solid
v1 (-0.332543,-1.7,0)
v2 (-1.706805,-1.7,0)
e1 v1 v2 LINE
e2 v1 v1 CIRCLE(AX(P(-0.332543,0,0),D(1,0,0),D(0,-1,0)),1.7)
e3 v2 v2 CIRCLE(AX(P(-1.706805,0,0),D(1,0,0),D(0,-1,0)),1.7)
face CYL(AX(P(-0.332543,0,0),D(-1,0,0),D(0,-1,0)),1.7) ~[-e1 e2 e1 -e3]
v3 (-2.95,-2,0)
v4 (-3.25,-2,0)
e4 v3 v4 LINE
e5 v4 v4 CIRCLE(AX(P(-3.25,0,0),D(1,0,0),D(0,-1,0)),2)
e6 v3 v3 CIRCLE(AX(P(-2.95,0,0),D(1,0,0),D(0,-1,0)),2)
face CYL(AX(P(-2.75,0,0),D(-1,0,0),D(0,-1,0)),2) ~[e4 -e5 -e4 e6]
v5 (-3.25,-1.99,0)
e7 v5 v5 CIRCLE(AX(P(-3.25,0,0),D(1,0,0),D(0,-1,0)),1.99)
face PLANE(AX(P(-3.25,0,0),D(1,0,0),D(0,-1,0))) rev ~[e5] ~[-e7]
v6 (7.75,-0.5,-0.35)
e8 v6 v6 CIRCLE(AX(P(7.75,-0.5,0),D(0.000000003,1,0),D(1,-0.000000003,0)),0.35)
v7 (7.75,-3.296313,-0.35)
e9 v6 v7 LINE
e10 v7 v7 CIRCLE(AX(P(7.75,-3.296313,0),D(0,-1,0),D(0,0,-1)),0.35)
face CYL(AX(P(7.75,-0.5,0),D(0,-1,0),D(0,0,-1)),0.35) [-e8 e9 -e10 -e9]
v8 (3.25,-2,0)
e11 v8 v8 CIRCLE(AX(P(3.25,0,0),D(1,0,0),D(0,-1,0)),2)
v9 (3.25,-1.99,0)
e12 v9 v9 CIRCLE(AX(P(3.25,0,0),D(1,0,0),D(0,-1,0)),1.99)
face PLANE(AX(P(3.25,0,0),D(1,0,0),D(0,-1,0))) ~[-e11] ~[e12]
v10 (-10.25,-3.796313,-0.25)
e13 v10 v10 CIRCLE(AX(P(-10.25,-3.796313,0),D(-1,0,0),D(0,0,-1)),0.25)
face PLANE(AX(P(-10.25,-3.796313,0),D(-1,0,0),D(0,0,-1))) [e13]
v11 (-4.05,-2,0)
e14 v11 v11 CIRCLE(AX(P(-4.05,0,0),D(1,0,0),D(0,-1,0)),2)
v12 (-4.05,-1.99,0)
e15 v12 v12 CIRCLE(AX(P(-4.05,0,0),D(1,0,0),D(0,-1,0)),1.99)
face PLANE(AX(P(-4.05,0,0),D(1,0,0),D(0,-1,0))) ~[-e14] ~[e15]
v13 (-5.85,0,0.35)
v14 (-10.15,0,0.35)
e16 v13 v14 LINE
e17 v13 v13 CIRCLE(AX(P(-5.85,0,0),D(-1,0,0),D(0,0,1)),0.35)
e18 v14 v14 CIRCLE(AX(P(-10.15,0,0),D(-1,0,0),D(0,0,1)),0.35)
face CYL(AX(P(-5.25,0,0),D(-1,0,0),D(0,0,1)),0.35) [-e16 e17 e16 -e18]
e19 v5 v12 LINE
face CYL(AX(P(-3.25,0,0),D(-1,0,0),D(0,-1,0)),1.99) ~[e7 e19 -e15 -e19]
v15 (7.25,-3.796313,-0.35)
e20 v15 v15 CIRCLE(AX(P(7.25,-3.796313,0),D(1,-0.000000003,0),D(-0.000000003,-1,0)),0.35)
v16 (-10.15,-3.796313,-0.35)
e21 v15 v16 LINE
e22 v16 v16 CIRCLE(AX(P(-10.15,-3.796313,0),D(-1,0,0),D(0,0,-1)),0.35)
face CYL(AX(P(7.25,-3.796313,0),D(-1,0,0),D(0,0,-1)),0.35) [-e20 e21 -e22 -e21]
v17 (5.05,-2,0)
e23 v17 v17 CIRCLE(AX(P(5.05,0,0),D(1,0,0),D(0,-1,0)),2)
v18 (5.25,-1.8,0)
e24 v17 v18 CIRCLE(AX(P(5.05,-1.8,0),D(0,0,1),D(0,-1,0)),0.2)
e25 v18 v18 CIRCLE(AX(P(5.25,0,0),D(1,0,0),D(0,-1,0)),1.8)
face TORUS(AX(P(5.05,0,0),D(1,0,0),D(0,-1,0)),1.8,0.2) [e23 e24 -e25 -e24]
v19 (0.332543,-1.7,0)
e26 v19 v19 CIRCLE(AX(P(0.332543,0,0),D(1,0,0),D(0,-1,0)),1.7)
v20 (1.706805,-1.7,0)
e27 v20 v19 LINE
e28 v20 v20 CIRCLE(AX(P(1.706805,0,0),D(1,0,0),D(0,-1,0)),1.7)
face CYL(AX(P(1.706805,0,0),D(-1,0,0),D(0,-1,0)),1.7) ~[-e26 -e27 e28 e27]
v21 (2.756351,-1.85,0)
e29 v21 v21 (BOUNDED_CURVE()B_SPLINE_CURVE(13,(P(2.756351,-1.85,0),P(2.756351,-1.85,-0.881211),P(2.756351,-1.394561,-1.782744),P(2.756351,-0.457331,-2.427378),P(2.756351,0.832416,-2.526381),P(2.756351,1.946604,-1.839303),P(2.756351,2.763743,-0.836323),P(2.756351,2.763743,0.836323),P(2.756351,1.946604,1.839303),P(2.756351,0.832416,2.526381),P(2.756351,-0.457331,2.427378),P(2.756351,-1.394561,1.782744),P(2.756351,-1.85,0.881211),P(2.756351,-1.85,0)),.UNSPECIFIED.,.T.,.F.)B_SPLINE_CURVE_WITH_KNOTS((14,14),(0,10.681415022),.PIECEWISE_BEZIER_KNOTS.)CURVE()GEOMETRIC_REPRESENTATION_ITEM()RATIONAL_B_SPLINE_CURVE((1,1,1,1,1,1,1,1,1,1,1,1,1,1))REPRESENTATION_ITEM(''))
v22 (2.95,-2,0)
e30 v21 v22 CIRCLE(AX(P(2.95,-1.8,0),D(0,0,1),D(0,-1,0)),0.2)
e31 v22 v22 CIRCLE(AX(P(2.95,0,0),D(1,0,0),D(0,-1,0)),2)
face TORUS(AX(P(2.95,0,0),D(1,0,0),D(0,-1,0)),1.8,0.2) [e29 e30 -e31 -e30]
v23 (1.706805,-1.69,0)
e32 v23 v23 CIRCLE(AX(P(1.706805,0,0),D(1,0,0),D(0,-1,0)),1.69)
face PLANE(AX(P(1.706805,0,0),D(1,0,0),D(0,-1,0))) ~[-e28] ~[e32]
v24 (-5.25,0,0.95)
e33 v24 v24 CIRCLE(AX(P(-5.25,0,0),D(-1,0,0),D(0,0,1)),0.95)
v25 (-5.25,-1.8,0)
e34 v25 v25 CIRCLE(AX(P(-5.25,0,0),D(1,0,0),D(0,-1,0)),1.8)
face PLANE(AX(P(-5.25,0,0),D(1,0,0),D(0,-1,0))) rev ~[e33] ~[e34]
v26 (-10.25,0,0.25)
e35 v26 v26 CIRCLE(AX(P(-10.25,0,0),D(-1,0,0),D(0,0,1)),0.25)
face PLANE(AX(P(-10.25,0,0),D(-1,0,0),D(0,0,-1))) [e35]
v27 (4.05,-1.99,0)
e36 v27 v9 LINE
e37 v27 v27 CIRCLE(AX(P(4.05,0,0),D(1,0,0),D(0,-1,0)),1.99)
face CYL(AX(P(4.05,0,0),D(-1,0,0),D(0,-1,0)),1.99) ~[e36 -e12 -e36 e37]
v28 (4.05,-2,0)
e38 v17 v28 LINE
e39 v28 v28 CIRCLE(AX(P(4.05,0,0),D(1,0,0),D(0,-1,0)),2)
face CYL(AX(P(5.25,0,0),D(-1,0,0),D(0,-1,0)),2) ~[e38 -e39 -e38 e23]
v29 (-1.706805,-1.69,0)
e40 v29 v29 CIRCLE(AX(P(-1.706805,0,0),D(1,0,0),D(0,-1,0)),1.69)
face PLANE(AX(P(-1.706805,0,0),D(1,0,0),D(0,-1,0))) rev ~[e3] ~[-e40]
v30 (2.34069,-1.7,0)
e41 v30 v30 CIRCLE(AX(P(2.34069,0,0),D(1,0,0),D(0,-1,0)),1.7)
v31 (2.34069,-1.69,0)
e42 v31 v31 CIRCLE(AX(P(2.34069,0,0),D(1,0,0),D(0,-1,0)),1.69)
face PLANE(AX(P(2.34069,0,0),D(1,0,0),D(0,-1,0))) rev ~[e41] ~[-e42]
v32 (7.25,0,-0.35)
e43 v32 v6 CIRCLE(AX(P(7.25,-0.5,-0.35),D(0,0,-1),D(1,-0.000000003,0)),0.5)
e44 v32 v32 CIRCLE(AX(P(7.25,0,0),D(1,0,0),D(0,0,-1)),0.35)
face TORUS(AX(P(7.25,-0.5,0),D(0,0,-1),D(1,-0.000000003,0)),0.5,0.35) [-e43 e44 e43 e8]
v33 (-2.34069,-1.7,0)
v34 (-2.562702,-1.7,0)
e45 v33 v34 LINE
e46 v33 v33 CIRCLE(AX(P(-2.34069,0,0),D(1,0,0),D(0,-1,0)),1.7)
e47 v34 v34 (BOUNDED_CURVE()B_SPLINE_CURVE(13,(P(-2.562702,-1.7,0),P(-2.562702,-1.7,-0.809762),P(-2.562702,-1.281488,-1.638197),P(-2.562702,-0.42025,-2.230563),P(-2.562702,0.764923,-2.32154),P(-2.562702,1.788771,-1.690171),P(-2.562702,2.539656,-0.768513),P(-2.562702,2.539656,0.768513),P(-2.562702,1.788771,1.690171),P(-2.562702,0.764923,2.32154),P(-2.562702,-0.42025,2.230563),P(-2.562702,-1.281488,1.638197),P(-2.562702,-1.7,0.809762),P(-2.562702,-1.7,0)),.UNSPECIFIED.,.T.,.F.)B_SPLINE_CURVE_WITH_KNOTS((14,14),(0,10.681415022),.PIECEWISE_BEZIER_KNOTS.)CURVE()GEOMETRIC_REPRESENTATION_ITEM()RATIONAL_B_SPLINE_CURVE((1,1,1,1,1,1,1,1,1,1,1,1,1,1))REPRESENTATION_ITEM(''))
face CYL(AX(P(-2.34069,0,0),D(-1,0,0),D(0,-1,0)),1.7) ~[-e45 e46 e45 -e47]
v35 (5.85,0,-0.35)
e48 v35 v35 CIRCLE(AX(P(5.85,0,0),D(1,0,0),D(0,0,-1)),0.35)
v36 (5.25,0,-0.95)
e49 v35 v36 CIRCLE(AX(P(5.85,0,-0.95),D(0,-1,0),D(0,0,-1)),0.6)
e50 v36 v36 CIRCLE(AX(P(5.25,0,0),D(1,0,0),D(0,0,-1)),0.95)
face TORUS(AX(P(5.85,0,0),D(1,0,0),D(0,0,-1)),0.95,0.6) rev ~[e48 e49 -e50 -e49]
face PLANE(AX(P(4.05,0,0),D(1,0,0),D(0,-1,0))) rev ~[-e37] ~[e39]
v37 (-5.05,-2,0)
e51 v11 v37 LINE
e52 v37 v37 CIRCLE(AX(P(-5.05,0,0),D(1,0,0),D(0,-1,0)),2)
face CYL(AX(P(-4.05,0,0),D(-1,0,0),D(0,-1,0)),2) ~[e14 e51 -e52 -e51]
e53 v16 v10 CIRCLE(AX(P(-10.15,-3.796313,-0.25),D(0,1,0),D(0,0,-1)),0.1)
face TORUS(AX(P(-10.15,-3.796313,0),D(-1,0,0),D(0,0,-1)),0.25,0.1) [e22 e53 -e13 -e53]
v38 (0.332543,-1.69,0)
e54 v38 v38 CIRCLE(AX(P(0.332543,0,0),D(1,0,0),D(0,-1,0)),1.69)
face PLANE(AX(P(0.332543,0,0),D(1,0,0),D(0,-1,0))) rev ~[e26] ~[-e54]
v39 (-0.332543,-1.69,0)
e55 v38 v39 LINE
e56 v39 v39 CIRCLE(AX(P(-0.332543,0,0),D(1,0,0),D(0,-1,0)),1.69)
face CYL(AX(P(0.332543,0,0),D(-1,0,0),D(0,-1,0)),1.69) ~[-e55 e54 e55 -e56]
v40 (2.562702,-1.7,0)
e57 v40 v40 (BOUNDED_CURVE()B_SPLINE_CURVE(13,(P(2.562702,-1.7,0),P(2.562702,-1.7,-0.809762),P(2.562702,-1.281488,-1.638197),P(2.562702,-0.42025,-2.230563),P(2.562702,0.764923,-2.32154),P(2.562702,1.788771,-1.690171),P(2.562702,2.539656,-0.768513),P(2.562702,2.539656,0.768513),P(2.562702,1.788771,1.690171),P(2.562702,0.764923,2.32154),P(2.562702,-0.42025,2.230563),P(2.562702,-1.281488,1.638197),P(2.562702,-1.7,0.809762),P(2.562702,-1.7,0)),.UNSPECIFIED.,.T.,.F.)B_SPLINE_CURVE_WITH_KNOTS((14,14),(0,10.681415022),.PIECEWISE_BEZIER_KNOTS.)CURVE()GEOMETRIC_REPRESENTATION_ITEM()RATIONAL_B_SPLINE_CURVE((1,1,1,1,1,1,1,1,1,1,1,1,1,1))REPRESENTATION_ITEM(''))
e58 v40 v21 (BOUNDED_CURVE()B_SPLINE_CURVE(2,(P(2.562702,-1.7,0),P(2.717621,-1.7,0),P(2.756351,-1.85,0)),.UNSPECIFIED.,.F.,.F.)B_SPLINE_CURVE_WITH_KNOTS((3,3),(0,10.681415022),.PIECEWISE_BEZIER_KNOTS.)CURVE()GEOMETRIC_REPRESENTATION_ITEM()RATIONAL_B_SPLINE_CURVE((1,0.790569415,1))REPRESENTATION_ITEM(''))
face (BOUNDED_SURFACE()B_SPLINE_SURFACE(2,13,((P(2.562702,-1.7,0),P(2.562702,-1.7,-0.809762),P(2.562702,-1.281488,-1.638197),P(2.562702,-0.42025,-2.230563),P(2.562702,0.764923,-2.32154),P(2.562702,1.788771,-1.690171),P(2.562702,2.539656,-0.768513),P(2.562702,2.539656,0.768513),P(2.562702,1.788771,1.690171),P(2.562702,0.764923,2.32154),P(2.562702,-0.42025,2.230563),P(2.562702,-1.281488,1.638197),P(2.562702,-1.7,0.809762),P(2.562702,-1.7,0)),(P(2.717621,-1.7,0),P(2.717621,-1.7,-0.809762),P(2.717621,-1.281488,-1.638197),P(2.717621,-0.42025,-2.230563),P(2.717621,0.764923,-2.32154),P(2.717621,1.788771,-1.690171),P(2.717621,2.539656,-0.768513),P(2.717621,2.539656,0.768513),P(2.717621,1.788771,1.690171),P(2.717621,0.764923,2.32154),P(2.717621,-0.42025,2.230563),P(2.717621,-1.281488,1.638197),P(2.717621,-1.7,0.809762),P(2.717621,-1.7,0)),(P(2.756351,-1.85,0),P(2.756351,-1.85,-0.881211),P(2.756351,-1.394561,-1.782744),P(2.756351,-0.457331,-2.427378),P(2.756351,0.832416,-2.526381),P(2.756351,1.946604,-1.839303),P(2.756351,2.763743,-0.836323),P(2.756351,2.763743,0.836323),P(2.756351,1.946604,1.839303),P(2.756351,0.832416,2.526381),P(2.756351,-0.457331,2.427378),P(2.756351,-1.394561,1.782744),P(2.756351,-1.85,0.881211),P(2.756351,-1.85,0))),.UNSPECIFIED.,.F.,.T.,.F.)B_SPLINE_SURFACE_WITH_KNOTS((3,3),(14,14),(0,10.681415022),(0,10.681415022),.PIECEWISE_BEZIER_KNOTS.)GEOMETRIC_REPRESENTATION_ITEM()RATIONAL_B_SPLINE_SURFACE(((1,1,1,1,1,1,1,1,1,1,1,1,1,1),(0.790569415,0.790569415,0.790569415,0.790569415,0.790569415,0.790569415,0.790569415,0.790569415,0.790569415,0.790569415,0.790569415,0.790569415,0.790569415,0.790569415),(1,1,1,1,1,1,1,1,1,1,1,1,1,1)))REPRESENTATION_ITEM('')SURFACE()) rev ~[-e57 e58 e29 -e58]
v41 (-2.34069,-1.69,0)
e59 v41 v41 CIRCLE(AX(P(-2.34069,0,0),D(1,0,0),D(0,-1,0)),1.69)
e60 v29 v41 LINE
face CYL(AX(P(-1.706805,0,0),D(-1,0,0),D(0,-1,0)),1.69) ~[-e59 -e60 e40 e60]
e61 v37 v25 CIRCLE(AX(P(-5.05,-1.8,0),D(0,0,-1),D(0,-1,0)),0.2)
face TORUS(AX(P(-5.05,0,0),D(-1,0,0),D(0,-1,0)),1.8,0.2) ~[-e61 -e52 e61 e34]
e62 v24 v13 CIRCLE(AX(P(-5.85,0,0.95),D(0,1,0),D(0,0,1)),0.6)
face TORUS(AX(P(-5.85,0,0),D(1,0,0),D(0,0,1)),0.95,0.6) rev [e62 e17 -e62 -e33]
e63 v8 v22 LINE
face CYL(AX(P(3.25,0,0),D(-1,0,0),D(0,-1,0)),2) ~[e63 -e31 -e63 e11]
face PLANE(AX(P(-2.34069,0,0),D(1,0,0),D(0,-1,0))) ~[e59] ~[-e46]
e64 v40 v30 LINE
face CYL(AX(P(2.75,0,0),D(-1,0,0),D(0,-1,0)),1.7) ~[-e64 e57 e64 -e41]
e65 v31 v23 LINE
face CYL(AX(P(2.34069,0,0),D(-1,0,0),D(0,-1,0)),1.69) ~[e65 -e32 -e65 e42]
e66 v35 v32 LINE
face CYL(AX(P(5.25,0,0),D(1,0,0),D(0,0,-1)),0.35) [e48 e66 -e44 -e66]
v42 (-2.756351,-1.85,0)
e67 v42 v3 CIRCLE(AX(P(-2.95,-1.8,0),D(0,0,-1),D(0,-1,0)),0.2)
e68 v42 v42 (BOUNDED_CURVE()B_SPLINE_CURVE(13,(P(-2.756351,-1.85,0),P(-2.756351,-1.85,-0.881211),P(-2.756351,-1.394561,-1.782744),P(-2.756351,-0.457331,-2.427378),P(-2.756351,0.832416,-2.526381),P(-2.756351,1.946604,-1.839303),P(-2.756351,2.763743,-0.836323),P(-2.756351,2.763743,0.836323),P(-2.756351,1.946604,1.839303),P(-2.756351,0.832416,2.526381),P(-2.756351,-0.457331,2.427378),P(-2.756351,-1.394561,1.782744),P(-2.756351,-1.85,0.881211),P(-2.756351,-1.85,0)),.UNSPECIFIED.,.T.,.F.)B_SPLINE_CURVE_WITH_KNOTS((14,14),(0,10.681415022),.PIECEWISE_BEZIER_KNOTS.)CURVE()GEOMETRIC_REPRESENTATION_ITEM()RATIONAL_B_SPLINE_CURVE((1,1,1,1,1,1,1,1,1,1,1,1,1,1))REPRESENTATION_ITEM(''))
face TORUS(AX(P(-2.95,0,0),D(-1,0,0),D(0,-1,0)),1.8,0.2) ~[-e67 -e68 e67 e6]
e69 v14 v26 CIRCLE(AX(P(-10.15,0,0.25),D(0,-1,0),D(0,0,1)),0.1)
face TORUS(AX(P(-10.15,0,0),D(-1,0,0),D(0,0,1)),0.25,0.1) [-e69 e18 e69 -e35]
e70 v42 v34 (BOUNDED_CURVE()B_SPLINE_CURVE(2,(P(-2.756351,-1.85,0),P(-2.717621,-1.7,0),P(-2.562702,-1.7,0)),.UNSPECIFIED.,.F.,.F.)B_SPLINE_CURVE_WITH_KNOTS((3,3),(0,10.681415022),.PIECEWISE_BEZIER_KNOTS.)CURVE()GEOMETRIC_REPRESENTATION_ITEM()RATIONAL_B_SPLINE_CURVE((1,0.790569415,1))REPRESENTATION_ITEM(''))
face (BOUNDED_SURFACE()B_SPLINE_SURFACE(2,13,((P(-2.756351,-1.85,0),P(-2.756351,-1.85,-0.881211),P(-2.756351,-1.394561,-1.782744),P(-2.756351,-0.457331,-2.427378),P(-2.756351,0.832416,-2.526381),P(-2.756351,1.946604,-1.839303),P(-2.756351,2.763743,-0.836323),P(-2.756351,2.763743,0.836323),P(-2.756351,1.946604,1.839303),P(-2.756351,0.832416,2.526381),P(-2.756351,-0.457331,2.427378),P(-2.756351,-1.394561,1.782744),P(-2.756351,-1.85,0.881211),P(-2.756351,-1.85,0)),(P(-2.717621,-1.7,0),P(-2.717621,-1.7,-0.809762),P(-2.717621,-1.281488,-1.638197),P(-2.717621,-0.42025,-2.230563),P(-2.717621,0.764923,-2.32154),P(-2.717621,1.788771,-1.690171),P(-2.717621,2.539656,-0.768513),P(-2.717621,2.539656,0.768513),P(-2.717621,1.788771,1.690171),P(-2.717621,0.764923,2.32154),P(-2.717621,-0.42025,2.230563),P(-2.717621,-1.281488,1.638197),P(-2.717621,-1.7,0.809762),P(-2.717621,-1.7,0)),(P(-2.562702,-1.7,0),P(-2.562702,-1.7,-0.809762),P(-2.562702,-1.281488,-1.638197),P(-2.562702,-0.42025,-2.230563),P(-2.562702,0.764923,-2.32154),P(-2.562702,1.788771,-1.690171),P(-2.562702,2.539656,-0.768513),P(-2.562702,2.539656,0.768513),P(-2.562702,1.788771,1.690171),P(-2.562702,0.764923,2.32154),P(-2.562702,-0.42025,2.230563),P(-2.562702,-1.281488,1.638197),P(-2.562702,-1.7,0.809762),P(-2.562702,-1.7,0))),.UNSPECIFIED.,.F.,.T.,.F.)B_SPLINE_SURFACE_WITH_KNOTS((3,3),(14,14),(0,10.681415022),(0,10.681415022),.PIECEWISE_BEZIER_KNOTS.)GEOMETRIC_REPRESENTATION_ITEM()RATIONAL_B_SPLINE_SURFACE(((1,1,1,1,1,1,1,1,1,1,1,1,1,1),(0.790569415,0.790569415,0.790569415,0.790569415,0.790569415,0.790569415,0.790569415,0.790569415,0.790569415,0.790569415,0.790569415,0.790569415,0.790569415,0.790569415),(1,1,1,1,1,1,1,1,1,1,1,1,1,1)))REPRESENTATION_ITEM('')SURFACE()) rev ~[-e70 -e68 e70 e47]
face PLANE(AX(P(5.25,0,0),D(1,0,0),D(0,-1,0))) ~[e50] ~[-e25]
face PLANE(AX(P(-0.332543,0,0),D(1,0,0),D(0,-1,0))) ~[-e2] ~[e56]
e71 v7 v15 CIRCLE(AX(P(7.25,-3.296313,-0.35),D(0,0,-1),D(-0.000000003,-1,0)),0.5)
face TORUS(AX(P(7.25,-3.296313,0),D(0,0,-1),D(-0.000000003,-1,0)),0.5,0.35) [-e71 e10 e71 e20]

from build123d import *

# Parameters (mm, degrees)
FILLET2_R  = 0.2
FILLET3_R  = 0.2
FILLET4_R  = 0.2
FILLET5_R  = 0.2
FILLET6_R  = 0.2
SKETCH3_R  = 0.35
SKETCH4_R  = 0.35
FILLET17_R = 0.1
FILLET18_R = 0.6


with BuildPart() as part:
    # Sketch1 → Revolve1 (revolve)
    with BuildSketch(Plane.XY):
        Polygon((-5.25, 0), (5.25, 0), (5.25, -2), (4.05, -2), (4.05, -1.99), (3.25, -1.99), (3.25, -2), (2.75, -2), (2.75, -1.7), (2.340690061, -1.7), (2.340690061, -1.69), (1.70680528, -1.69), (1.70680528, -1.7), (0.332543076, -1.7), (0.332543076, -1.69), (-0.332543076, -1.69), (-0.332543076, -1.7), (-1.70680528, -1.7), (-1.70680528, -1.69), (-2.340690061, -1.69), (-2.340690061, -1.7), (-2.75, -1.7), (-2.75, -2), (-3.25, -2), (-3.25, -1.99), (-4.05, -1.99), (-4.05, -2), (-5.25, -2), align=None)
    revolve(axis=Axis((-5.25, 0, 0), (1, 0, 0)))

    # Fillet2
    fillet2_edges = [part.edges().sort_by_distance(p)[0] for p in [
        (-2.75, 2, 0),
    ]]
    fillet(fillet2_edges, radius=FILLET2_R)

    # Fillet3
    fillet3_edges = [part.edges().sort_by_distance(p)[0] for p in [
        (-2.75, 1.7, 0),
        (2.75, 2, 0),
    ]]
    fillet(fillet3_edges, radius=FILLET3_R)

    # Fillet4
    fillet4_edges = [part.edges().sort_by_distance(p)[0] for p in [
        (2.75, 1.7, 0),
    ]]
    fillet(fillet4_edges, radius=FILLET4_R)

    # Fillet5
    fillet5_edges = [part.edges().sort_by_distance(p)[0] for p in [
        (-5.25, 2, 0),
    ]]
    fillet(fillet5_edges, radius=FILLET5_R)

    # Fillet6
    fillet6_edges = [part.edges().sort_by_distance(p)[0] for p in [
        (5.25, 2, 0),
    ]]
    fillet(fillet6_edges, radius=FILLET6_R)

    # Sweep5: sweep along a curve in space
    with BuildLine() as sweep5_path:
        Line((5.25, 0, 0), (7.25, 0, 0))
        ThreePointArc((7.75, -0.5, 0), (7.603553391, -0.146446609, 0), (7.25, 0, 0))
        Line((7.75, -0.5, 0), (7.75, -3.296313033, 0))
        ThreePointArc((7.25, -3.796313033, 0), (7.603553391, -3.649866424, 0), (7.75, -3.296313033, 0))
        Line((7.25, -3.796313033, 0), (-10.25, -3.796313033, 0))
    # Sketch3 → Sweep5 (sweep)
    with BuildSketch(Plane(origin=(5.25, 0, 0), x_dir=(0, 0, -1), z_dir=(1, 0, 0))):
        Circle(SKETCH3_R)
    sweep(path=sweep5_path.line)

    # Sweep6: sweep along a curve in space
    with BuildLine() as sweep6_path:
        Line((-5.25, 0, 0), (-10.25, 0, 0))
    # Sketch4 → Sweep6 (sweep)
    with BuildSketch(Plane.ZY.offset(5.25)):
        Circle(SKETCH4_R)
    sweep(path=sweep6_path.line)

    # Fillet17
    fillet17_edges = [part.edges().sort_by_distance(p)[0] for p in [
        (-10.25, -3.796313033, 0.35),
        (-10.25, 0, -0.35),
    ]]
    fillet(fillet17_edges, radius=FILLET17_R)

    # Fillet18
    fillet18_edges = [part.edges().sort_by_distance(p)[0] for p in [
        (5.25, 0, 0.35),
        (-5.25, 0, -0.35),
    ]]
    fillet(fillet18_edges, radius=FILLET18_R)


solid = part.part
